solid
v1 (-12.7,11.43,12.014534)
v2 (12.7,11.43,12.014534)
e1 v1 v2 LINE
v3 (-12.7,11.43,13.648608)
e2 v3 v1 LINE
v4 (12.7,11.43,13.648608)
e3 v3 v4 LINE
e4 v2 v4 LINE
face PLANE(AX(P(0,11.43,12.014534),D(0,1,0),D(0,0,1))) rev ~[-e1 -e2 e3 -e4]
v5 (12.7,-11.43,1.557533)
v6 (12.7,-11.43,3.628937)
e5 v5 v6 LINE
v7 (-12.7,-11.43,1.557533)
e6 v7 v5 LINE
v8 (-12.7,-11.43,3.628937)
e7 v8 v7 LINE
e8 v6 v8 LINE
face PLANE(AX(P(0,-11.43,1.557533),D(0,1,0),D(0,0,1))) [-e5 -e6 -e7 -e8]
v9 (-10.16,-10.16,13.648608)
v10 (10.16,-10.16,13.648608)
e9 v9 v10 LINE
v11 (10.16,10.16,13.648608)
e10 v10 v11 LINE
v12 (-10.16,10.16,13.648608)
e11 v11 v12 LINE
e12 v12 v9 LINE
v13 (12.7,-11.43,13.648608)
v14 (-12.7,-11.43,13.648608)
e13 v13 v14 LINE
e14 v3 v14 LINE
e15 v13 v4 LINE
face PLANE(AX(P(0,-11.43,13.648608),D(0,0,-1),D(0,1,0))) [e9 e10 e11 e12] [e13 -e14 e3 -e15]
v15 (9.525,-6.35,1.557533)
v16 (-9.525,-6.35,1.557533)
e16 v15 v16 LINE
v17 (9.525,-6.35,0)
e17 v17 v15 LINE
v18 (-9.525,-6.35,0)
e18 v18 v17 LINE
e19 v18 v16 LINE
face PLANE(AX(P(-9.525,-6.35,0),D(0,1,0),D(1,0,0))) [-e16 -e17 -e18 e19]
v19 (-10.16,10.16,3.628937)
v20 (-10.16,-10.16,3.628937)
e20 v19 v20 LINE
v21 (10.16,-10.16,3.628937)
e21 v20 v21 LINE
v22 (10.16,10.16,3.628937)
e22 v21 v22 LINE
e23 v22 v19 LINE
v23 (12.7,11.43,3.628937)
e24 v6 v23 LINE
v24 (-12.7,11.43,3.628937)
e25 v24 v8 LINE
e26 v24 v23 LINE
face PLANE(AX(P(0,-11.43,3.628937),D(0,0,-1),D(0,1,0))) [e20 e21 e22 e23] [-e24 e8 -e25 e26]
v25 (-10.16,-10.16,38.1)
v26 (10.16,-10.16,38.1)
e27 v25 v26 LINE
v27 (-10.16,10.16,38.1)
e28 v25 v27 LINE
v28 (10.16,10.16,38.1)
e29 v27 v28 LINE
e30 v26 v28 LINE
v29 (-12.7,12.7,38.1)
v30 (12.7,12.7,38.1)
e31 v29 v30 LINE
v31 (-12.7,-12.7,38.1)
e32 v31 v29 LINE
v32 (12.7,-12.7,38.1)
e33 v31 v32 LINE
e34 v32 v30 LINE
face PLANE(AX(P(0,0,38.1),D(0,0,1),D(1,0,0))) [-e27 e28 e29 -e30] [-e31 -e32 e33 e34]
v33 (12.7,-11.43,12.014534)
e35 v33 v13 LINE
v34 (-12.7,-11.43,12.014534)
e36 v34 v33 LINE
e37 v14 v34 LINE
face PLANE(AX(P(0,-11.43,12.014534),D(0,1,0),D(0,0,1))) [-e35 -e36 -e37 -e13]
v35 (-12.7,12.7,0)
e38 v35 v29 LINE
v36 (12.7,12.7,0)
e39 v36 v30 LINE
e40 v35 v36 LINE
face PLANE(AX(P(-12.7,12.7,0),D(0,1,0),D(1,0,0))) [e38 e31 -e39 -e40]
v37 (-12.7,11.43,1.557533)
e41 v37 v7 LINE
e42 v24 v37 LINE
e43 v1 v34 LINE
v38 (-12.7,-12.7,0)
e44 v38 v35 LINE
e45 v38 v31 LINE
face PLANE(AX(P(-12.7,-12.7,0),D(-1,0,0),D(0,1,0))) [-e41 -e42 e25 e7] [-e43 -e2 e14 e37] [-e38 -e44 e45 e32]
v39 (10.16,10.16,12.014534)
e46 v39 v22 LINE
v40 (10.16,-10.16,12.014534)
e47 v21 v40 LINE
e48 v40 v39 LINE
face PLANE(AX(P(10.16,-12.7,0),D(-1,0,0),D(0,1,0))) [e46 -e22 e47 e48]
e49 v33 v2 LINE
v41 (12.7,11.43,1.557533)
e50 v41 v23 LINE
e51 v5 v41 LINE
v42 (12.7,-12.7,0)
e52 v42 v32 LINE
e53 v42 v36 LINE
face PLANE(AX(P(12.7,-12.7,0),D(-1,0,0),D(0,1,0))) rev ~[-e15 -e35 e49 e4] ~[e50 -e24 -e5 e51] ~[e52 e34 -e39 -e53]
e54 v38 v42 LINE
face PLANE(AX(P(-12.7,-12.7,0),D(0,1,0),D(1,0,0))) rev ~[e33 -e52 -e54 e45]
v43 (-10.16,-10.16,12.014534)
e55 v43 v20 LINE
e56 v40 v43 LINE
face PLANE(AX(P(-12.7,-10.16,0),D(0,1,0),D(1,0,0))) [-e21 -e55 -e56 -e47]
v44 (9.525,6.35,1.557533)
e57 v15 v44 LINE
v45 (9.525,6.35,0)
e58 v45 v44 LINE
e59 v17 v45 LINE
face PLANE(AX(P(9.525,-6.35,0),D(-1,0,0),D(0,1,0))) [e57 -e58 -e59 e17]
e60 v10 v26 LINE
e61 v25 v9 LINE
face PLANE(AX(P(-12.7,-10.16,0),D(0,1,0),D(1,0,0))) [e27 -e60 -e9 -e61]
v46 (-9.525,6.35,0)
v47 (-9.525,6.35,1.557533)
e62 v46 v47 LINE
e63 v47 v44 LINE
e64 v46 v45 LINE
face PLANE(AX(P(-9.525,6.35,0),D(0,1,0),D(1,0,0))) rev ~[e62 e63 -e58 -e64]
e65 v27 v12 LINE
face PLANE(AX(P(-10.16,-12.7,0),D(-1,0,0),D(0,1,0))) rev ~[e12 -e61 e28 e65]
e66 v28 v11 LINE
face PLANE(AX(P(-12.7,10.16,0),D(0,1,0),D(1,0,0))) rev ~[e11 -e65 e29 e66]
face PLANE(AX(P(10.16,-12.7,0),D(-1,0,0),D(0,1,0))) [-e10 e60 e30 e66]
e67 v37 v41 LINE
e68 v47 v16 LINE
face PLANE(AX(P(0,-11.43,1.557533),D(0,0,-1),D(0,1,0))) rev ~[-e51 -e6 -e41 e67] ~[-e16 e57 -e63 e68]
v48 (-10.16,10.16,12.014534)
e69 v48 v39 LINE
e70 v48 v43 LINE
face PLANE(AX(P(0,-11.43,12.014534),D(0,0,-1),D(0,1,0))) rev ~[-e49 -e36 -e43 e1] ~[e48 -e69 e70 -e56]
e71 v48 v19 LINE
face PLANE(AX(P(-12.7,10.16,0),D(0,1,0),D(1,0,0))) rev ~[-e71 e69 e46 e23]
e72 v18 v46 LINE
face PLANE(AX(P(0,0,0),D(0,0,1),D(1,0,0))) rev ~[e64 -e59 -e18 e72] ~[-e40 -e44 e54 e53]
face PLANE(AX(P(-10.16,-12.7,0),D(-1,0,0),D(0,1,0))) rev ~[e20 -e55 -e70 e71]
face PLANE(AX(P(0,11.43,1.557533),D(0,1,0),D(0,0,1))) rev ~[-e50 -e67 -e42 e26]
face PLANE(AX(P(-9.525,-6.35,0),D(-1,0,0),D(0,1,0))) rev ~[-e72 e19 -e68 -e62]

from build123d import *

# Parameters (mm, degrees)
F0_W          = 25.4
F0_H          = 25.4
F1_DEPTH      = 38.1
F2_T          = -2.54
F3_W          = 19.05
F3_H          = 12.7
F4_DEPTH      = 25.4
F5_W          = 22.86
F5_H          = 2.071403
F6_DEPTH      = 25.4
F6_DEPTH_BACK = 25.4
F7_W          = 22.86
F7_H          = 1.634075
F8_DEPTH      = 25.4
F8_DEPTH_BACK = 25.4


with BuildPart() as f1:
    # F0 (on Top) → F1 (new body)
    with BuildSketch(Plane.XY):
        Rectangle(F0_W, F0_H)
    extrude(amount=F1_DEPTH)

    # F2
    f2_openings = [f1.faces().sort_by_distance(p)[0] for p in [
        (0, 0, 38.1),
    ]]
    offset(amount=F2_T, openings=f2_openings)

    # F3 (on Top) → F4 (cut)
    with BuildSketch(Plane.XY):
        Rectangle(F3_W, F3_H)
    extrude(amount=F4_DEPTH, mode=Mode.SUBTRACT)

    # F5 (on Right) → F6 (cut, two sides)
    with BuildSketch(Plane.YZ) as f6_sk:
        with Locations((0, 2.593235)):
            Rectangle(F5_W, F5_H)
    extrude(amount=F6_DEPTH, mode=Mode.SUBTRACT)
    extrude(f6_sk.sketch, amount=-F6_DEPTH_BACK, mode=Mode.SUBTRACT)

    # F7 (on Right) → F8 (cut, two sides)
    with BuildSketch(Plane.YZ) as f8_sk:
        with Locations((0, 12.831571)):
            Rectangle(F7_W, F7_H)
    extrude(amount=F8_DEPTH, mode=Mode.SUBTRACT)
    extrude(f8_sk.sketch, amount=-F8_DEPTH_BACK, mode=Mode.SUBTRACT)


solid = f1.part
